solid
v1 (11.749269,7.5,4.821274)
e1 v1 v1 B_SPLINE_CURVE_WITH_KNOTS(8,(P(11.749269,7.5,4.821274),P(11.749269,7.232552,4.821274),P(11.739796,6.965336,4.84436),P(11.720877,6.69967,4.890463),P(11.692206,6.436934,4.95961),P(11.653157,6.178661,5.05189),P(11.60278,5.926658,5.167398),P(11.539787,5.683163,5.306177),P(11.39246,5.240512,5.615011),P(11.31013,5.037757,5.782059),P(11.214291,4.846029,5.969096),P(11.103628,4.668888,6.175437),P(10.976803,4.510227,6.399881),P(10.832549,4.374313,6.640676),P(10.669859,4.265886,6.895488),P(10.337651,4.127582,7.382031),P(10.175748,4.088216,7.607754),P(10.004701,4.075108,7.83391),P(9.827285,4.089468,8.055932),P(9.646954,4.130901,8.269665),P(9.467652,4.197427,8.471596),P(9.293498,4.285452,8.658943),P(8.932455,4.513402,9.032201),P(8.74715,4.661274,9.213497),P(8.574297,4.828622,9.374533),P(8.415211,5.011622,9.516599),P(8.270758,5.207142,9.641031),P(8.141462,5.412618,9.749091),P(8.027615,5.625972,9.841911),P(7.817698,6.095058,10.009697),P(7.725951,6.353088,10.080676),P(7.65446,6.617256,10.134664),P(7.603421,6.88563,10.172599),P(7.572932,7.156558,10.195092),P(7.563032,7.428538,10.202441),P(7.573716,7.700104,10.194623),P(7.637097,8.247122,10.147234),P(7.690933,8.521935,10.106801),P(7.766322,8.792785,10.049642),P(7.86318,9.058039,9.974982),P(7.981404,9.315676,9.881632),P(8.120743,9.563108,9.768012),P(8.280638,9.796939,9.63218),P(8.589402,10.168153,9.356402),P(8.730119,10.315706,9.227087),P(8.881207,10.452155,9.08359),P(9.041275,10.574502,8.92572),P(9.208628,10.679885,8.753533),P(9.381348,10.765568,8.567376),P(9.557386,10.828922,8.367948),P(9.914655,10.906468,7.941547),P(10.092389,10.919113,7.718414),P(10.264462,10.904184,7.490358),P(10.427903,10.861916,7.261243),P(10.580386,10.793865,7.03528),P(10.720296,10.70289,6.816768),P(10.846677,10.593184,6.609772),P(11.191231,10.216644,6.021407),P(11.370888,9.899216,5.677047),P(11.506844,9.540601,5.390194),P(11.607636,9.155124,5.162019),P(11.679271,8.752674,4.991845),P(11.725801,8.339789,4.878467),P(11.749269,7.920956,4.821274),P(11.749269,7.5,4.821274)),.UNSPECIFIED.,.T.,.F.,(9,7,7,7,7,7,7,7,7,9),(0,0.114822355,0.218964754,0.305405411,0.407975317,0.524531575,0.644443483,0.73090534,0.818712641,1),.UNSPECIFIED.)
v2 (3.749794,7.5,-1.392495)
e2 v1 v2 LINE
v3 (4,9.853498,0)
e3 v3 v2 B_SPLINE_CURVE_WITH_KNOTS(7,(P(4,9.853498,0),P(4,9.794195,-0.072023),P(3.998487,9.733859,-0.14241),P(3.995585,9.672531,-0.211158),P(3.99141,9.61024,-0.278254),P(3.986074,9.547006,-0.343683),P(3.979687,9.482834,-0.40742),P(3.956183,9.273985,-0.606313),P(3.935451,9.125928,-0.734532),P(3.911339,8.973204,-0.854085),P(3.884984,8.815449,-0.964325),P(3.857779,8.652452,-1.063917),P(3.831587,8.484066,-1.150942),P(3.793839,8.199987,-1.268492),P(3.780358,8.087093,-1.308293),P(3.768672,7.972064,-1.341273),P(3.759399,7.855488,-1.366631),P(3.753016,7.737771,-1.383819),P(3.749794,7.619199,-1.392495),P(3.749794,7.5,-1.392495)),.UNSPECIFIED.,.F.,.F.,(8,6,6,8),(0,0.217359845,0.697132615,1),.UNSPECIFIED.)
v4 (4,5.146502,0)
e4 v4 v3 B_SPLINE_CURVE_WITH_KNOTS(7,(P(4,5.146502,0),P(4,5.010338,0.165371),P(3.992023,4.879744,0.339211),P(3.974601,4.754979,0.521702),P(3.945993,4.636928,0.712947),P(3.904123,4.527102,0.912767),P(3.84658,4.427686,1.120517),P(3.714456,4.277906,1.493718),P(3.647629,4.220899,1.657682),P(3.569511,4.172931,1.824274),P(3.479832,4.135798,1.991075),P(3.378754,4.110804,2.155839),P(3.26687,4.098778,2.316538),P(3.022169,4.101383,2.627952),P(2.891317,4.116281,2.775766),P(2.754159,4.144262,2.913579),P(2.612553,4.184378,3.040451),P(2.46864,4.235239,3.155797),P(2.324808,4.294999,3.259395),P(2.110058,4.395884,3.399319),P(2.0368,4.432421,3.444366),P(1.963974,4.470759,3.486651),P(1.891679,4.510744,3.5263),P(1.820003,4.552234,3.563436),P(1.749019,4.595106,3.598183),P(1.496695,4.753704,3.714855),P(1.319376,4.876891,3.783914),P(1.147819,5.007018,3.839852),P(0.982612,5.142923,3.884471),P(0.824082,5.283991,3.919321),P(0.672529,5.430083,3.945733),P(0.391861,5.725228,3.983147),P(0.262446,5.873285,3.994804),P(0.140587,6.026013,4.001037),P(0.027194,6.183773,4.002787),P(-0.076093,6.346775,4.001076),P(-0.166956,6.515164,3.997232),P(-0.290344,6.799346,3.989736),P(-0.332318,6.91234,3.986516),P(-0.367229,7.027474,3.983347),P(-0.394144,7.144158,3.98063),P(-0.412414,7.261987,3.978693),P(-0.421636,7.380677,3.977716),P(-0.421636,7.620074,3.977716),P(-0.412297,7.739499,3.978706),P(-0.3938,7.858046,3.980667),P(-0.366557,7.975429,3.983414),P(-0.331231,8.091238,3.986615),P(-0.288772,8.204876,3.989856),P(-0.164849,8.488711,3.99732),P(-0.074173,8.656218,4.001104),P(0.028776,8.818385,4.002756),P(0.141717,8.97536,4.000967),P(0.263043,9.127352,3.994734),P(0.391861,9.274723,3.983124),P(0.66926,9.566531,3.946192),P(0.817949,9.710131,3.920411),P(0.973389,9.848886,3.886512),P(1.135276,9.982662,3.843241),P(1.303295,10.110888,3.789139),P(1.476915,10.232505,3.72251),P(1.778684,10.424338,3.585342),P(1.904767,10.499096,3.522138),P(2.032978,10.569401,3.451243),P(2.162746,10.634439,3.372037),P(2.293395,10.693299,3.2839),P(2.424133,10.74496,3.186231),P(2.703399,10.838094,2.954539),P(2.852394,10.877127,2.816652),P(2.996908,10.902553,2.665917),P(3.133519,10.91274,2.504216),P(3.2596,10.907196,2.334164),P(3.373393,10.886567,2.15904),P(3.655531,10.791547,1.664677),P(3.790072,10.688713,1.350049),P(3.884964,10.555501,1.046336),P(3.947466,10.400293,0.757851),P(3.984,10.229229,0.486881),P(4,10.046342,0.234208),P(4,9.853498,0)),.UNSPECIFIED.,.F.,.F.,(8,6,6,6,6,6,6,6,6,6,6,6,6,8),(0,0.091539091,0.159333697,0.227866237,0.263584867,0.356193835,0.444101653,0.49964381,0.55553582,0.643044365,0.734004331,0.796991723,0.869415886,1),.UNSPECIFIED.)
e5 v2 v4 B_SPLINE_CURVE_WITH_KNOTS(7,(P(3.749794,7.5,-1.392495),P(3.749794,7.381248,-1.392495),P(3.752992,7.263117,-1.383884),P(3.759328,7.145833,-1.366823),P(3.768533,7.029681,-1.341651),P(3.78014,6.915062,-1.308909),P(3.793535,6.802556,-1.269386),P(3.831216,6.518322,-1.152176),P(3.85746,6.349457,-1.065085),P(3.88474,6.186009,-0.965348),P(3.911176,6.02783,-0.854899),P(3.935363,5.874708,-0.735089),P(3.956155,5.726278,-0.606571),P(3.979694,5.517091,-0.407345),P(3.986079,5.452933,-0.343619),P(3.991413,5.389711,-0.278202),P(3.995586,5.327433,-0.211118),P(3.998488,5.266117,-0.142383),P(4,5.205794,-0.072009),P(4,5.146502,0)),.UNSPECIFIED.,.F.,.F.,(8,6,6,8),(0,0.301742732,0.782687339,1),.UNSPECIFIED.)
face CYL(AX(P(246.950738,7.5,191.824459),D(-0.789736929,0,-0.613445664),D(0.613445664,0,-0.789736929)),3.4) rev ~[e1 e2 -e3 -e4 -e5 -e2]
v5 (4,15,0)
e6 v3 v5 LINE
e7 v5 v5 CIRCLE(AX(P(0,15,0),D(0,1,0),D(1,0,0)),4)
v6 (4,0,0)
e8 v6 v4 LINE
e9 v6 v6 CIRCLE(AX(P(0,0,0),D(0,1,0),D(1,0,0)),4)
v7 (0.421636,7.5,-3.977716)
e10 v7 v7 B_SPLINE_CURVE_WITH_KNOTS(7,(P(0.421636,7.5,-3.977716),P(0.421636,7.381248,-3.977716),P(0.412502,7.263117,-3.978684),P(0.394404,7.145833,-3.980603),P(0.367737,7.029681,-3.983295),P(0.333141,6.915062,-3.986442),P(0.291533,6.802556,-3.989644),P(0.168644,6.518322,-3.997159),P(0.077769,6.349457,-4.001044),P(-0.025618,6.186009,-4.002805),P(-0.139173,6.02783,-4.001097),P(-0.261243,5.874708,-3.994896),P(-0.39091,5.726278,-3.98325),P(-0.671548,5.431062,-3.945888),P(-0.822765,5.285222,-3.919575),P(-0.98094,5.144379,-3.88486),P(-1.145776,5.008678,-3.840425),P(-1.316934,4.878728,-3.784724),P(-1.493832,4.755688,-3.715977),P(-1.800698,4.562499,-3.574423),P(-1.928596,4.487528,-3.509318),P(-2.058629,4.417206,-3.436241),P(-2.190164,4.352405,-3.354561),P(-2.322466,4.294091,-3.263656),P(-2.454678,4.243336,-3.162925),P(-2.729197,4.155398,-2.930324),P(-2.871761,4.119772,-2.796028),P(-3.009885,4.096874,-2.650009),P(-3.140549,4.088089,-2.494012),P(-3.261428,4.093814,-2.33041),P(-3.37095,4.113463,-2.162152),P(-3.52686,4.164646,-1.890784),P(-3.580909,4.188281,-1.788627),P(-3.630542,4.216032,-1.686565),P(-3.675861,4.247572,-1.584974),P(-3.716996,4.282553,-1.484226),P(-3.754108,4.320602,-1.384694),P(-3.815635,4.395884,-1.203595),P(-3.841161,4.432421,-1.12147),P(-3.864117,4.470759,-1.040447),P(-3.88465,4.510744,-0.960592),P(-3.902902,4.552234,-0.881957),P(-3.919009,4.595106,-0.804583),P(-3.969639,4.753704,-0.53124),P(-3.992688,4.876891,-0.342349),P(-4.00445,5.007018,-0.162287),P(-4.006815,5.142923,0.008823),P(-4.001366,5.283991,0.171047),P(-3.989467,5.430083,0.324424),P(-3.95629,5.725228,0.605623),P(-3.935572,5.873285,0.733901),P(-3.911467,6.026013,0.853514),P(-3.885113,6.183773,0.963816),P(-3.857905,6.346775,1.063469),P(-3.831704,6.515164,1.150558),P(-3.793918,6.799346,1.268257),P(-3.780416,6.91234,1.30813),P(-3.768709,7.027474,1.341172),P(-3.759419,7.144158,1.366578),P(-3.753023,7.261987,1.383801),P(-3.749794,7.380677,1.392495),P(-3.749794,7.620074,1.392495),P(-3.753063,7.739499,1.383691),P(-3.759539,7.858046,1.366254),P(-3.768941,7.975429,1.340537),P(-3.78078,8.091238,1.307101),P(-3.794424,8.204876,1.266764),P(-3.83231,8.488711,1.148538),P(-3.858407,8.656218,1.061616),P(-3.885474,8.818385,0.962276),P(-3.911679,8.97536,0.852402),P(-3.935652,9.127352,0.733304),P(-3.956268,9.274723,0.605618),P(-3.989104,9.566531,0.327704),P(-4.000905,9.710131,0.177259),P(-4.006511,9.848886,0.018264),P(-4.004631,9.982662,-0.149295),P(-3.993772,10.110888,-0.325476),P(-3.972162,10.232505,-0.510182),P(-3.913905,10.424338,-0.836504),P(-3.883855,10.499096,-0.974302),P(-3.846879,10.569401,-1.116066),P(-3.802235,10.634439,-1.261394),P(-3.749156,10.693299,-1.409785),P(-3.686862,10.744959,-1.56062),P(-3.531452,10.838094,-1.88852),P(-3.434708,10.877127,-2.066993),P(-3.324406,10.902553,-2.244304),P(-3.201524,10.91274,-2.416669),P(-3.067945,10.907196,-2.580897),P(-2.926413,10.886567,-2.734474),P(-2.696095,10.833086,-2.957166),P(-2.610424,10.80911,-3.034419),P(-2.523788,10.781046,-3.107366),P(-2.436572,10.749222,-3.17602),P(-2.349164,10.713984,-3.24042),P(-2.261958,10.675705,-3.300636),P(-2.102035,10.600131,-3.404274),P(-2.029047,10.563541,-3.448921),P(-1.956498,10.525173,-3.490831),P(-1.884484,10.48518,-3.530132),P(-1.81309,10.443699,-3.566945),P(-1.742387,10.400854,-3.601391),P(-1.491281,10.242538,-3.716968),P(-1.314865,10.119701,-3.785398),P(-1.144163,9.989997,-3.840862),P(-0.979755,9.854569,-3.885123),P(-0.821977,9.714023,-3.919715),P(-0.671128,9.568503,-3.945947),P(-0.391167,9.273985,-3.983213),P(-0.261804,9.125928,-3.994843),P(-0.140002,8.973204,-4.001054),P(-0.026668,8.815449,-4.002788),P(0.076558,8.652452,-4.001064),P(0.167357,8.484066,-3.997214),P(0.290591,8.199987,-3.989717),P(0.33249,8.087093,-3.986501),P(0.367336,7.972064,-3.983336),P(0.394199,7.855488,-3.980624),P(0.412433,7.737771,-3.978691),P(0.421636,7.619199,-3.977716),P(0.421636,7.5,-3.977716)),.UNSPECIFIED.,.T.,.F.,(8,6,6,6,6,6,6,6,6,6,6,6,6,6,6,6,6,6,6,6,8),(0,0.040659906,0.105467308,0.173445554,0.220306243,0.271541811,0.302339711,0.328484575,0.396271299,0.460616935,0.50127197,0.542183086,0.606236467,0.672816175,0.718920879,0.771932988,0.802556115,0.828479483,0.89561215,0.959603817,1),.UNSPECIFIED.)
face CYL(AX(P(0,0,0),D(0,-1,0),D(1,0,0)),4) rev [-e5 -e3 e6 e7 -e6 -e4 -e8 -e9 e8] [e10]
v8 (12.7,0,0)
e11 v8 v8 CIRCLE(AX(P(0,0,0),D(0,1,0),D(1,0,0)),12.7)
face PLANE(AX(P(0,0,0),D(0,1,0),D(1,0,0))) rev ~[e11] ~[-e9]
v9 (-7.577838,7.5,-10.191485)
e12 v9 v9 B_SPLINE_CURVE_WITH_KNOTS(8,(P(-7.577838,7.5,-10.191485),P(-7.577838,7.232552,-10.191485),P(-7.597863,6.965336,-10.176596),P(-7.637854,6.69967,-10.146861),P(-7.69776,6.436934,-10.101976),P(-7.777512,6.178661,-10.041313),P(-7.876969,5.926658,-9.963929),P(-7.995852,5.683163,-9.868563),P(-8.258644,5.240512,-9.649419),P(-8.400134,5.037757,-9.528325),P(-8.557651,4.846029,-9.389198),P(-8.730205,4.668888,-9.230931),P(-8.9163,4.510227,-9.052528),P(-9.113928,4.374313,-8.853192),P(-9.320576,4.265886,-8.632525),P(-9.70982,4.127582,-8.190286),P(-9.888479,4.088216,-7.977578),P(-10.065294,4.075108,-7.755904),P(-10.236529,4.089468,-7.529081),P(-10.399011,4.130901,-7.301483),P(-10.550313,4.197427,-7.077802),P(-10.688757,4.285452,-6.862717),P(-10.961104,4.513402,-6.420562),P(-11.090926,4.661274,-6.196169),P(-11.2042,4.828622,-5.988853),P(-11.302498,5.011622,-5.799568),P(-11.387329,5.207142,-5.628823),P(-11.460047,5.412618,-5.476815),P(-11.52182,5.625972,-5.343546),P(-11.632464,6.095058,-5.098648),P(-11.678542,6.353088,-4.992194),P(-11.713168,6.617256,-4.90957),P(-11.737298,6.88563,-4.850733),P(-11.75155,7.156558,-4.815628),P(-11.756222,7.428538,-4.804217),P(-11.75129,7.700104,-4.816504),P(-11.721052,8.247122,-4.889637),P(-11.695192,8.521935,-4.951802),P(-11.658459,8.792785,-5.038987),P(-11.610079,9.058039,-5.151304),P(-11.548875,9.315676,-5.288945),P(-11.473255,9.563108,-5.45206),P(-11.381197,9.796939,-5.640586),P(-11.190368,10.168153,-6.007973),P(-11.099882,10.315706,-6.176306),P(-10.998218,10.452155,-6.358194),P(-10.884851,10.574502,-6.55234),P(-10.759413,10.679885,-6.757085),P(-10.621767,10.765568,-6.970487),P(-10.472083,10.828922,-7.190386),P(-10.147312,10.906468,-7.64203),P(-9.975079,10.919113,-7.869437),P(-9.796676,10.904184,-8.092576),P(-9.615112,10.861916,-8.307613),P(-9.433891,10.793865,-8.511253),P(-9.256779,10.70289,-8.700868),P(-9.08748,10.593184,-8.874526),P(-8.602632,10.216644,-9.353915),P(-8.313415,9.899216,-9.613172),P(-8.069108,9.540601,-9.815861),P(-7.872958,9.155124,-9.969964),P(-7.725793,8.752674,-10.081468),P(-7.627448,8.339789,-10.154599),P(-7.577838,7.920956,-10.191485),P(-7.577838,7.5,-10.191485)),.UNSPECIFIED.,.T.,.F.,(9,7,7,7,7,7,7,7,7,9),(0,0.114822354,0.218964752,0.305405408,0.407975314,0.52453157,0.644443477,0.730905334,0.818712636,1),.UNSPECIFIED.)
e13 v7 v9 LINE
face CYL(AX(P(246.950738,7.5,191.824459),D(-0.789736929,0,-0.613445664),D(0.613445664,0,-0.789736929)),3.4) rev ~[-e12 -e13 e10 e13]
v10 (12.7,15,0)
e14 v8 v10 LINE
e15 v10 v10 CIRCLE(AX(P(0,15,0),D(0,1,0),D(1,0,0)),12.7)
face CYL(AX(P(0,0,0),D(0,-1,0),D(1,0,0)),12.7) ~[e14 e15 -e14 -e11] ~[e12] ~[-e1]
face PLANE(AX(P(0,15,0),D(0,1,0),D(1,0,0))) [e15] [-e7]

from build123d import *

# Parameters (mm, degrees)
SKETCH1_R                      = 12.7
SKETCH1_R_2                    = 4
BOSS_EXTRUDE1_DEPTH            = 15
F_6_8_6_8_DIAMETER_HOLE1_D     = 6.8
F_6_8_6_8_DIAMETER_HOLE1_DEPTH = 300
F_6_8_6_8_DIAMETER_HOLE1_TIP   = 2.042926105


with BuildPart() as part:
    # Sketch1 → Boss-Extrude1 (new body)
    with BuildSketch(Plane(origin=(0, 0, 0), x_dir=(1, 0, 0), z_dir=(0, 1, 0))):
        Circle(SKETCH1_R)
        Circle(SKETCH1_R_2, mode=Mode.SUBTRACT)
    extrude(amount=BOSS_EXTRUDE1_DEPTH)

    # Ø6.8 (6.8) Diameter Hole1
    with Locations(Plane(origin=(10.029659004, 7.5, 7.790759929), x_dir=(-0.613445664, 0, 0.789736929), z_dir=(0.789736929, 0, 0.613445664))):
        with Locations((0, 0)):
            Hole(F_6_8_6_8_DIAMETER_HOLE1_D / 2, depth=F_6_8_6_8_DIAMETER_HOLE1_DEPTH)
            with Locations((0, 0, -(F_6_8_6_8_DIAMETER_HOLE1_DEPTH + F_6_8_6_8_DIAMETER_HOLE1_TIP / 2))):  # 118° drill point
                Cone(0, F_6_8_6_8_DIAMETER_HOLE1_D / 2, F_6_8_6_8_DIAMETER_HOLE1_TIP, mode=Mode.SUBTRACT)


solid = part.part
